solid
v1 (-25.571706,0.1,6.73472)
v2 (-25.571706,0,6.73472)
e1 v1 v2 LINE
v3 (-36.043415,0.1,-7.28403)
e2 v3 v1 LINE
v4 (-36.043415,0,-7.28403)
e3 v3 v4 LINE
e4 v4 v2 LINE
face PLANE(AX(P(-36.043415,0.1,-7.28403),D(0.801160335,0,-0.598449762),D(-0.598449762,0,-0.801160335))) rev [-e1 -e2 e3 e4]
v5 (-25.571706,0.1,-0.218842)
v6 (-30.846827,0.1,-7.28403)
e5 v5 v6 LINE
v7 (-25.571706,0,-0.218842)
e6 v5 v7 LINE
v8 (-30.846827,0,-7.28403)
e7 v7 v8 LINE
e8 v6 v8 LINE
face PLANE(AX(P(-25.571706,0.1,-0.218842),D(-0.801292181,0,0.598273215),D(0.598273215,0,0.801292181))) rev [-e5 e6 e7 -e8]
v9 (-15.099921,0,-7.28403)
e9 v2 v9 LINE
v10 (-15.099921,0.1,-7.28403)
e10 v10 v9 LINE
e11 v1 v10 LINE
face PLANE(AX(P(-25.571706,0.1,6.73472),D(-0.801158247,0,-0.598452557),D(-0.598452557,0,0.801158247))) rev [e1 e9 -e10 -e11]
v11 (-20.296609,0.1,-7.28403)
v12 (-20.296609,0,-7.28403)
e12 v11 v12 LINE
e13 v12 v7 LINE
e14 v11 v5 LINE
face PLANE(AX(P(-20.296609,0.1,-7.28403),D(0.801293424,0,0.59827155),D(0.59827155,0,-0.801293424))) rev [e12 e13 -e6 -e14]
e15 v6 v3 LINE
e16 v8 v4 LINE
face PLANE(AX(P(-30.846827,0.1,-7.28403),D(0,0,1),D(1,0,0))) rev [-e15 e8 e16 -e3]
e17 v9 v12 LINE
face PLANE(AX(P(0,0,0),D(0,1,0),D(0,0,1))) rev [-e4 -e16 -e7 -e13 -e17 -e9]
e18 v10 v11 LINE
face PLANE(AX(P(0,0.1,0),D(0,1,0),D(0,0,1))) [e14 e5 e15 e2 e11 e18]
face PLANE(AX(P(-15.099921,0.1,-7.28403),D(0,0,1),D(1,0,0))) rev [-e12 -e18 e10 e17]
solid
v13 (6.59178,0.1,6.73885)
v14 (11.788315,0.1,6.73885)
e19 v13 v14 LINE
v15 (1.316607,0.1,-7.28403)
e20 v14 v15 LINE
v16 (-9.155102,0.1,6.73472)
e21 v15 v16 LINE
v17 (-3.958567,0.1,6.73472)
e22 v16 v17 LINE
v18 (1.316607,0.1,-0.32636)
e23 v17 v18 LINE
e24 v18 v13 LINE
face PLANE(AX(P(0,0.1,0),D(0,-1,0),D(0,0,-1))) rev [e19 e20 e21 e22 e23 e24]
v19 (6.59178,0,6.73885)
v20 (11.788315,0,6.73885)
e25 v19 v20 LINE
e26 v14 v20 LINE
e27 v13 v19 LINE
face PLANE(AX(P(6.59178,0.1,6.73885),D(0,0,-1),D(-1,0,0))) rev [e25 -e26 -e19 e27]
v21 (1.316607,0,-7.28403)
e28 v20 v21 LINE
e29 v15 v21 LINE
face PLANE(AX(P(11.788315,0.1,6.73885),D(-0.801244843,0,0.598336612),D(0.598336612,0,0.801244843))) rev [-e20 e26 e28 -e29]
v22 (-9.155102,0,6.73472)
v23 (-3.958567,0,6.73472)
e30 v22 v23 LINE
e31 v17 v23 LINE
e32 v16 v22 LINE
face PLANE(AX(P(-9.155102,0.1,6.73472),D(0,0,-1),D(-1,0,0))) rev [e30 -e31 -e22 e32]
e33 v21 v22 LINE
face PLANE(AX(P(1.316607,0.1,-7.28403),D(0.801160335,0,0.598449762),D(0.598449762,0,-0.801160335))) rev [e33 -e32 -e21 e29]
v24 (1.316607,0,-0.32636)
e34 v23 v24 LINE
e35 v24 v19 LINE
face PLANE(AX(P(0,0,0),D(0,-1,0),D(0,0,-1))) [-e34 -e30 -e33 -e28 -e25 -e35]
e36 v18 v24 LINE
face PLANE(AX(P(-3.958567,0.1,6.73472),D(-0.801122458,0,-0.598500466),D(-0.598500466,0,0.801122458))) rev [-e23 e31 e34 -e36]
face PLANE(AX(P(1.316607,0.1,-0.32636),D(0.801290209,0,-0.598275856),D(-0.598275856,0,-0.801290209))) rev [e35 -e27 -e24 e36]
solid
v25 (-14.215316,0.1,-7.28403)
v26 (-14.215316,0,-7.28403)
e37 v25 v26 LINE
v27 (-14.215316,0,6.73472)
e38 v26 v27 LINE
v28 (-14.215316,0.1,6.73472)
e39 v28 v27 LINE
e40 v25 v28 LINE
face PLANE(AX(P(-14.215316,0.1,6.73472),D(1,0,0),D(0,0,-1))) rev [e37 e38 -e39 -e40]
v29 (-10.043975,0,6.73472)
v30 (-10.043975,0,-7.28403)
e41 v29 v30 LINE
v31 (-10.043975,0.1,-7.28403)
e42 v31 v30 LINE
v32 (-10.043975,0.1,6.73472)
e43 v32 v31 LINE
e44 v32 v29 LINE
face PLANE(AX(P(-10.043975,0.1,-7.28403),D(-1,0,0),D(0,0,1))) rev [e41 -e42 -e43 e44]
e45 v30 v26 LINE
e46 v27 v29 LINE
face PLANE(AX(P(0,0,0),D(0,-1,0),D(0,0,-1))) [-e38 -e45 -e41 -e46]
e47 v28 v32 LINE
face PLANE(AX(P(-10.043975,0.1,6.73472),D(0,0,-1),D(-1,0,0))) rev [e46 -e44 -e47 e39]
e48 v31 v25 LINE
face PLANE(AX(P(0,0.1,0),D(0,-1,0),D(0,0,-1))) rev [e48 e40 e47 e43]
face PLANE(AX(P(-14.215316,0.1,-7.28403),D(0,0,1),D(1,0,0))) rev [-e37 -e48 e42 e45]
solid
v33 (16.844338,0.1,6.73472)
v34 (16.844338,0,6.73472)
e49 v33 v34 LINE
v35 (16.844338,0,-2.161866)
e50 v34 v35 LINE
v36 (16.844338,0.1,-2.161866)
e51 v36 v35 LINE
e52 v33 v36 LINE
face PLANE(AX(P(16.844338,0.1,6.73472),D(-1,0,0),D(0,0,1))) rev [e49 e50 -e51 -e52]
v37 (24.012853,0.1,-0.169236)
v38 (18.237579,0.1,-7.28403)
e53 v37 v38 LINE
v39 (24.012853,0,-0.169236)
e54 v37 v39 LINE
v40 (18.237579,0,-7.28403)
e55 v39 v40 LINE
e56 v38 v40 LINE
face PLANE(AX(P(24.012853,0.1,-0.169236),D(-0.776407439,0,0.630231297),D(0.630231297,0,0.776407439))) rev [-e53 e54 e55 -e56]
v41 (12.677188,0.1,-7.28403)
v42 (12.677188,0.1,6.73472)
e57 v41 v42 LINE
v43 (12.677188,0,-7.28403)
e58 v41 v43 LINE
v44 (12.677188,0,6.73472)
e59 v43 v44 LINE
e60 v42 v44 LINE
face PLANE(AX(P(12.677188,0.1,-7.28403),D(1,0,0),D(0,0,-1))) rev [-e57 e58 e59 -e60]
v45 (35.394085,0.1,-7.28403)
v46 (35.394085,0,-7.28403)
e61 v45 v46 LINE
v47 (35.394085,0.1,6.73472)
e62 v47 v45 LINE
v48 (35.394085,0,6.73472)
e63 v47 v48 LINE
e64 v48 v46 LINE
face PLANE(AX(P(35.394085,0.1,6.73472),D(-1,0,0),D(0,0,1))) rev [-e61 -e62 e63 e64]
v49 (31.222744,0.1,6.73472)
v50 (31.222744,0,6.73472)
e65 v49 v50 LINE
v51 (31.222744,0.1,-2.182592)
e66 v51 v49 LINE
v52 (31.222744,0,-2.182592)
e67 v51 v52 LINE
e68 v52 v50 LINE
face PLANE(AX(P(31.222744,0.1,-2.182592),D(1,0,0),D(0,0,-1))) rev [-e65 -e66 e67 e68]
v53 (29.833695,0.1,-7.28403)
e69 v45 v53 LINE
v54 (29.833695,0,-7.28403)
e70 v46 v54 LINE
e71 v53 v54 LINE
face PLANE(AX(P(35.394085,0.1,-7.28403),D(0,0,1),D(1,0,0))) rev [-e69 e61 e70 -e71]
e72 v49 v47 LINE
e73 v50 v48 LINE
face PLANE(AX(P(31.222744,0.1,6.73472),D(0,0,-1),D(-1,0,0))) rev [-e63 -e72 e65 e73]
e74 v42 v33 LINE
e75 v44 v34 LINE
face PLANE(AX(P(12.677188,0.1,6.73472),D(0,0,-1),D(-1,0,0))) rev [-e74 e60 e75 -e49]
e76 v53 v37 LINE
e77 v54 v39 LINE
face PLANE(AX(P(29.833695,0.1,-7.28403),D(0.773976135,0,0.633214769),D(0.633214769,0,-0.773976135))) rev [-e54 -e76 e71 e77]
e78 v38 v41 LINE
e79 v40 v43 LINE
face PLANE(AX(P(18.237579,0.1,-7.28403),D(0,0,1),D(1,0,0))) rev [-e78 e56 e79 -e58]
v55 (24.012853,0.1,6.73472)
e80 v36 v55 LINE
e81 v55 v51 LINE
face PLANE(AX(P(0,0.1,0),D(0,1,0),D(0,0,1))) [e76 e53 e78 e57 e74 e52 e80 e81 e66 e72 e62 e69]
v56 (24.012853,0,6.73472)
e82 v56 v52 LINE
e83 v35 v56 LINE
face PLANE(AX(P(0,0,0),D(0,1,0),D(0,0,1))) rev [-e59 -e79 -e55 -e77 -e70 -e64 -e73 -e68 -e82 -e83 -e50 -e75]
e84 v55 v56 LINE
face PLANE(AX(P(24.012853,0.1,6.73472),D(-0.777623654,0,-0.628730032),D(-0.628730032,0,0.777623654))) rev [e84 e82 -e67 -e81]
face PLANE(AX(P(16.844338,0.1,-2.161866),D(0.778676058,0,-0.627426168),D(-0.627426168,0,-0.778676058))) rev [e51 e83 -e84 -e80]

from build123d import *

# Parameters (mm, degrees)
SKETCH2_W             = 4.1713404
SKETCH2_H             = 14.01875022
BOSS_EXTRUDE3_DEPTH   = 0.1
BOSS_EXTRUDE3_2_DEPTH = 0.1
BOSS_EXTRUDE3_3_DEPTH = 0.1
BOSS_EXTRUDE3_4_DEPTH = 0.1


with BuildPart() as part:
    # Sketch2 → Boss-Extrude3 (new body)
    with BuildSketch(Plane(origin=(-16.778352461, 0, 2.915945943), x_dir=(1, 0, 0), z_dir=(0, 1, 0))):
        with Locations((4.648707026, 3.190600736)):
            Rectangle(SKETCH2_W, SKETCH2_H)
    extrude(amount=BOSS_EXTRUDE3_DEPTH)


with BuildPart() as body_2:
    # Sketch2 → Boss-Extrude3 2 (new body)
    with BuildSketch(Plane(origin=(-16.778352461, 0, 2.915945943), x_dir=(1, 0, 0), z_dir=(0, 1, 0))):
        Polygon((46.612047026, 10.199975846), (40.791205226, 3.085181846), (35.015931026, 10.199975846), (29.455540826, 10.199975846), (29.455540826, -3.818774374), (33.622690226, -3.818774374), (33.622690226, 5.077811846), (40.791205226, -3.818774374), (48.001096826, 5.098538246), (48.001096826, -3.818774374), (52.172437226, -3.818774374), (52.172437226, 10.199975846), align=None)
    extrude(amount=BOSS_EXTRUDE3_2_DEPTH)


with BuildPart() as body_3:
    # Sketch2 → Boss-Extrude3 3 (new body)
    with BuildSketch(Plane(origin=(-16.778352461, 0, 2.915945943), x_dir=(1, 0, 0), z_dir=(0, 1, 0))):
        Polygon((-3.518256574, 10.199975846), (-8.793353974, 3.134788046), (-14.068474234, 10.199975846), (-19.265062774, 10.199975846), (-8.793353974, -3.818774374), (1.678431026, 10.199975846), align=None)
    extrude(amount=BOSS_EXTRUDE3_3_DEPTH)


with BuildPart() as body_4:
    # Sketch2 → Boss-Extrude3 4 (new body)
    with BuildSketch(Plane(origin=(-16.778352461, 0, 2.915945943), x_dir=(1, 0, 0), z_dir=(0, 1, 0))):
        Polygon((18.094959026, 10.199975846), (7.623250226, -3.818774374), (12.819785426, -3.818774374), (18.094959026, 3.242306246), (23.370132626, -3.822904414), (28.566667826, -3.822904414), align=None)
    extrude(amount=BOSS_EXTRUDE3_4_DEPTH)


solid = Compound([part.part, body_2.part, body_3.part, body_4.part])
